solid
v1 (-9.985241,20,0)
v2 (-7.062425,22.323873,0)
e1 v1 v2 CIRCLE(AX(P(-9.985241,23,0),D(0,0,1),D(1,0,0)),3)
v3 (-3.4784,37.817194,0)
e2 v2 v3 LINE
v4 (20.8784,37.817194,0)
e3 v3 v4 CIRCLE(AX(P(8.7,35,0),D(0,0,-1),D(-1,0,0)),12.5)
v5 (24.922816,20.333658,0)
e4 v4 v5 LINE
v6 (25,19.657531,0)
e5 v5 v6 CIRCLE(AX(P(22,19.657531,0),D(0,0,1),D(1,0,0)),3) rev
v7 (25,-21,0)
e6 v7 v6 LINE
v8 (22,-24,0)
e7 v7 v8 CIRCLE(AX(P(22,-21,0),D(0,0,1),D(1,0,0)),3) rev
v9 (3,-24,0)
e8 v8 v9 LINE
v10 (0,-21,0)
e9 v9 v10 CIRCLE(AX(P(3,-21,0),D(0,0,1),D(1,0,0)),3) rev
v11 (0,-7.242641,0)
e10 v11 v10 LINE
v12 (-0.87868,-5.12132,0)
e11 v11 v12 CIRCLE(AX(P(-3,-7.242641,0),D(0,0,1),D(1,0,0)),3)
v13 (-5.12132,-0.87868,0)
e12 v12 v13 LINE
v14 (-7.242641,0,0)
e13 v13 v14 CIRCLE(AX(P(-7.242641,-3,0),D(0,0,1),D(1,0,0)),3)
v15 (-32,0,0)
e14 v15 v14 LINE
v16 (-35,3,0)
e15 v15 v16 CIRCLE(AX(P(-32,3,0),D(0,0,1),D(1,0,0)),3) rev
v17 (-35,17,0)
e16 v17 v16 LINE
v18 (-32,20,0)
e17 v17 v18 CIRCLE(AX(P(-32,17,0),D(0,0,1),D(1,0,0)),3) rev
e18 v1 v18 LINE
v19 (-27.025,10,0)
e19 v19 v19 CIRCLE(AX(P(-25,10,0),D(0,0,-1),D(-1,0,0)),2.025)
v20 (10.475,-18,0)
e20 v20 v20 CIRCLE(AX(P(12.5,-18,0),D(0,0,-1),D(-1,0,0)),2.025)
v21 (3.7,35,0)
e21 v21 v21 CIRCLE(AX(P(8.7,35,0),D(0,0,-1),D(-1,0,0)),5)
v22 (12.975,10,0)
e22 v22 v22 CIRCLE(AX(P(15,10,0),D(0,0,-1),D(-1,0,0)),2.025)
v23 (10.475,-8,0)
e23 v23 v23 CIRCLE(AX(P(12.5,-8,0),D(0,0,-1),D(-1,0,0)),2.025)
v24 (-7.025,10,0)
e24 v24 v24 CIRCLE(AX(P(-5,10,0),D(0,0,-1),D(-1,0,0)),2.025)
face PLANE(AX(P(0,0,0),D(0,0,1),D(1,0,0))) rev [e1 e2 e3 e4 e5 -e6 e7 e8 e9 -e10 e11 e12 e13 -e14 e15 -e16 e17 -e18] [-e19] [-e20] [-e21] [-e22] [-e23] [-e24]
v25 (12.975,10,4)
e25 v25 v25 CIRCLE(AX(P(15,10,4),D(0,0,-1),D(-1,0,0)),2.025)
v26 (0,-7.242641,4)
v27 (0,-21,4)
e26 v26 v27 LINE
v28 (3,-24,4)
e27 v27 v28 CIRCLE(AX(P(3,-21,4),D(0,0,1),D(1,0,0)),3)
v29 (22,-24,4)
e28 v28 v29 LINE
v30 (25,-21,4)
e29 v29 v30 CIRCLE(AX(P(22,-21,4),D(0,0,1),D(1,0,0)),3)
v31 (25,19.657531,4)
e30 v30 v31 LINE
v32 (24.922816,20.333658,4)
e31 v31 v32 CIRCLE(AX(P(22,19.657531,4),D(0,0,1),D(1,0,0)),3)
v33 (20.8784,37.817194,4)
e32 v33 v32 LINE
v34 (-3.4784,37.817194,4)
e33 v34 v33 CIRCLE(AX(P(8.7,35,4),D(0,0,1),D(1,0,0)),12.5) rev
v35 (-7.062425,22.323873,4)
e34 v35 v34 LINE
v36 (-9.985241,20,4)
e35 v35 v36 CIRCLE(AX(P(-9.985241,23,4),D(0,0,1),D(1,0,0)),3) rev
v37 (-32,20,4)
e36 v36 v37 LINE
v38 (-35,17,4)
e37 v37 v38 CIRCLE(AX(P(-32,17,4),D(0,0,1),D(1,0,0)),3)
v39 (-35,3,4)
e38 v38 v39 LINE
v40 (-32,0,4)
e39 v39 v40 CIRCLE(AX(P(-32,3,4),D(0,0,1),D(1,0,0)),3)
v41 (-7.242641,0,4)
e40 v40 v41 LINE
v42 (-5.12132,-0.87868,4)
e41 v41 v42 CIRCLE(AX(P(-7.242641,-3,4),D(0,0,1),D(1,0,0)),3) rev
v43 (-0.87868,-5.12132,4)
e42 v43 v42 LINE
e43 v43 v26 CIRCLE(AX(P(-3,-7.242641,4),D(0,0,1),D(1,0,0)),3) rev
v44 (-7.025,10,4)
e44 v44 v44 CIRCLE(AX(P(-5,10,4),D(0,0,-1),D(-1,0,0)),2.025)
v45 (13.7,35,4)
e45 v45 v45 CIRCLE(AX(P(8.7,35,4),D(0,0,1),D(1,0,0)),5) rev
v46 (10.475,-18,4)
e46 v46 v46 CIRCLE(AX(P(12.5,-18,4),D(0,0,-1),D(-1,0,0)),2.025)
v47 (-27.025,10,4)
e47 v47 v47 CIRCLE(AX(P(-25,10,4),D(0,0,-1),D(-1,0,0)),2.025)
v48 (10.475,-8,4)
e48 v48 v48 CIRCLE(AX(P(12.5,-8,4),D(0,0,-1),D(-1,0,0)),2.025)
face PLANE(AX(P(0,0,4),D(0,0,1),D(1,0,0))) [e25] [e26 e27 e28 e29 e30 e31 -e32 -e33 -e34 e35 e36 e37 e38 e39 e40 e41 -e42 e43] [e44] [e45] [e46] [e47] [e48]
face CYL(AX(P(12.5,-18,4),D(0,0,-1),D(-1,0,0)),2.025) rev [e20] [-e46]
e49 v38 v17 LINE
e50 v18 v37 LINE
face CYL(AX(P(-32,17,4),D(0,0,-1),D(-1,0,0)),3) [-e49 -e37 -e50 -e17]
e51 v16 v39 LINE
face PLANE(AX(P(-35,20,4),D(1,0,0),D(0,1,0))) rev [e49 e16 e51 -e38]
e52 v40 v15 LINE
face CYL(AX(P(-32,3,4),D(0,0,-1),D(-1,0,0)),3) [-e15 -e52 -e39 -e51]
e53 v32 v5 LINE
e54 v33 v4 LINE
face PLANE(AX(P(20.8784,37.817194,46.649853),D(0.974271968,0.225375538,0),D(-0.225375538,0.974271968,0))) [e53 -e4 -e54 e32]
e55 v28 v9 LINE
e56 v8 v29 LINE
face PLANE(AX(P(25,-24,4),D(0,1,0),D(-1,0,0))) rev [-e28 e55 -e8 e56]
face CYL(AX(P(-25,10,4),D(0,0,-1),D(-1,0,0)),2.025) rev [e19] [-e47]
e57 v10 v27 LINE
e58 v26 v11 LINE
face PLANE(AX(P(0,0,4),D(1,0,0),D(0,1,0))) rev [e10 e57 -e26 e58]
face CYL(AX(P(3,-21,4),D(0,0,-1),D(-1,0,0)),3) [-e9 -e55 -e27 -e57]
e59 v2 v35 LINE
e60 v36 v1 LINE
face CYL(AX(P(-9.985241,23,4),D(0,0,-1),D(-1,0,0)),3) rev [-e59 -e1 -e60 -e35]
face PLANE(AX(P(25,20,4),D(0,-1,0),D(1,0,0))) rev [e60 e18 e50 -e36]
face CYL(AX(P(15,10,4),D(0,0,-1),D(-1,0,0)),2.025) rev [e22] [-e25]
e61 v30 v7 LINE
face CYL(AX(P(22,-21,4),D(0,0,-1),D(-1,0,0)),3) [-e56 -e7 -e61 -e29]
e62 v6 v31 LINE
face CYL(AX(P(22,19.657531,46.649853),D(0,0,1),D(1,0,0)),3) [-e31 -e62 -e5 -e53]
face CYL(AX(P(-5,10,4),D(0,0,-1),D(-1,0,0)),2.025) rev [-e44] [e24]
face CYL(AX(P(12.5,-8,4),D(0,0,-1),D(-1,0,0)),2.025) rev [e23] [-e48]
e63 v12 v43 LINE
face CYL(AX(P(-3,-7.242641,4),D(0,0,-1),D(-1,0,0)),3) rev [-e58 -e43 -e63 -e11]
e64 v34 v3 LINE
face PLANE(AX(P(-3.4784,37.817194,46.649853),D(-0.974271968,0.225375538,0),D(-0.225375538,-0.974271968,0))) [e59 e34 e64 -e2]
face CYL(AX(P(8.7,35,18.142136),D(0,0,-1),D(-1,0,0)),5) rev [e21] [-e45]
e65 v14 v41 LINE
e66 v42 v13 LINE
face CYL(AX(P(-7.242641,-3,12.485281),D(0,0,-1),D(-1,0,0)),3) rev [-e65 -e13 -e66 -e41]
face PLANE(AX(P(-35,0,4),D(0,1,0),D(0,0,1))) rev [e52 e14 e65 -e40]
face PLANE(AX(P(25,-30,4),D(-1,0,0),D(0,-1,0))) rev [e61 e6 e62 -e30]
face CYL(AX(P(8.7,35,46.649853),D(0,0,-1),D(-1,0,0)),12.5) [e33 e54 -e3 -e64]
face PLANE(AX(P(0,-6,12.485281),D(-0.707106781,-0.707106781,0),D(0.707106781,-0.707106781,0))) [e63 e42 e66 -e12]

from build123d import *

# Parameters (mm, degrees)
EXTRUDE_1_DEPTH          = 4
EXTRUDE_2_DEPTH          = 4
SKETCH_3_R               = 5
CUT_EXTRUDE_1_DEPTH      = 4
SKETCH_6_W               = 25
SKETCH_6_H               = 6
CUT_EXTRUDE_4_DEPTH      = 1
CUT_EXTRUDE_4_DEPTH_BACK = 5
SKETCH_7_R               = 2.025
CUT_EXTRUDE_5_DEPTH      = 1
CUT_EXTRUDE_5_DEPTH_BACK = 5
SKETCH_9_R               = 5
EXTRUDE_3_DEPTH          = 4
SKETCH_12_R              = 2.025
CUT_EXTRUDE_8_DEPTH      = 1
CUT_EXTRUDE_8_DEPTH_BACK = 5
EXTRUDE_4_DEPTH          = 4
FILLET_1_R               = 3


with BuildPart() as part:
    # 草图1 → 凸台-拉伸1 (new body)
    with BuildSketch(Plane.XY):
        Polygon((-35, 0), (0, 0), (0, -30), (25, -30), (25, 20), (-35, 20), align=None)
    extrude(amount=EXTRUDE_1_DEPTH)

    # 草图2 → 凸台-拉伸2 (add)
    with BuildSketch(Plane(origin=(0, 0, 0), x_dir=(-1, 0, 0), z_dir=(0, 0, -1))):
        with BuildLine():
            Line((-15.347247215, 38.473341973), (-25, 20))
            Line((-25, 20), (7.6, 20))
            Line((7.6, 20), (-2.052752785, 38.473341973))
            ThreePointArc((-2.052752785, 38.473341973), (-8.7, 42.5), (-15.347247215, 38.473341973))
        make_face()
    extrude(amount=-EXTRUDE_2_DEPTH)

    # 草图3 → 切除-拉伸1 (cut)
    with BuildSketch(Plane(origin=(0, 0, 0), x_dir=(-1, 0, 0), z_dir=(0, 0, -1))):
        with Locations((-8.7, 35)):
            Circle(SKETCH_3_R)
    extrude(amount=-CUT_EXTRUDE_1_DEPTH, mode=Mode.SUBTRACT)

    # 草图6 → 切除-拉伸4 (cut, two sides)
    with BuildSketch(Plane(origin=(0, 0, 0), x_dir=(-1, 0, 0), z_dir=(0, 0, -1))) as cut_extrude_4_sk:
        with Locations((-12.5, -27)):
            Rectangle(SKETCH_6_W, SKETCH_6_H)
    extrude(amount=CUT_EXTRUDE_4_DEPTH, mode=Mode.SUBTRACT)
    extrude(cut_extrude_4_sk.sketch, amount=-CUT_EXTRUDE_4_DEPTH_BACK, mode=Mode.SUBTRACT)

    # 草图7 → 切除-拉伸5 (cut, two sides)
    with BuildSketch(Plane(origin=(0, 0, 0), x_dir=(-1, 0, 0), z_dir=(0, 0, -1))) as cut_extrude_5_sk:
        with Locations((-12.5, -8)):
            Circle(SKETCH_7_R)
        with Locations((-12.5, -18)):
            Circle(SKETCH_7_R)
    extrude(amount=CUT_EXTRUDE_5_DEPTH, mode=Mode.SUBTRACT)
    extrude(cut_extrude_5_sk.sketch, amount=-CUT_EXTRUDE_5_DEPTH_BACK, mode=Mode.SUBTRACT)

    # 草图9 → 凸台-拉伸3 (add)
    with BuildSketch(Plane(origin=(0, 0, 0), x_dir=(-1, 0, 0), z_dir=(0, 0, -1))):
        with BuildLine():
            Line((-20.878399595, 37.817194226), (-25, 20))
            Line((-25, 20), (7.6, 20))
            Line((7.6, 20), (3.478399595, 37.817194226))
            ThreePointArc((3.478399595, 37.817194226), (-8.7, 47.5), (-20.878399595, 37.817194226))
        make_face()
        with Locations((-8.7, 35)):
            Circle(SKETCH_9_R, mode=Mode.SUBTRACT)
    extrude(amount=-EXTRUDE_3_DEPTH)

    # 草图12 → 切除-拉伸8 (cut, two sides)
    with BuildSketch(Plane(origin=(0, 0, 0), x_dir=(-1, 0, 0), z_dir=(0, 0, -1))) as cut_extrude_8_sk:
        with Locations((-15, 10)):
            Circle(SKETCH_12_R)
        with Locations((5, 10)):
            Circle(SKETCH_12_R)
        with Locations((25, 10)):
            Circle(SKETCH_12_R)
    extrude(amount=CUT_EXTRUDE_8_DEPTH, mode=Mode.SUBTRACT)
    extrude(cut_extrude_8_sk.sketch, amount=-CUT_EXTRUDE_8_DEPTH_BACK, mode=Mode.SUBTRACT)

    # 草图13 → 凸台-拉伸4 (add)
    with BuildSketch(Plane(origin=(0, 0, 0), x_dir=(-1, 0, 0), z_dir=(0, 0, -1))):
        Polygon((0, -6), (6, 0), (0, 0), align=None)
    extrude(amount=-EXTRUDE_4_DEPTH)

    # 圆角1
    fillet_1_edges = [part.edges().sort_by_distance(p)[0] for p in [
        (-6, 0, 2),
        (0, -6, 2),
        (-35, 20, 2),
        (25, 20, 2),
        (-35, 0, 2),
        (-7.6, 20, 2),
        (25, -24, 2),
        (0, -24, 2),
    ]]
    fillet(fillet_1_edges, radius=FILLET_1_R)


solid = part.part
